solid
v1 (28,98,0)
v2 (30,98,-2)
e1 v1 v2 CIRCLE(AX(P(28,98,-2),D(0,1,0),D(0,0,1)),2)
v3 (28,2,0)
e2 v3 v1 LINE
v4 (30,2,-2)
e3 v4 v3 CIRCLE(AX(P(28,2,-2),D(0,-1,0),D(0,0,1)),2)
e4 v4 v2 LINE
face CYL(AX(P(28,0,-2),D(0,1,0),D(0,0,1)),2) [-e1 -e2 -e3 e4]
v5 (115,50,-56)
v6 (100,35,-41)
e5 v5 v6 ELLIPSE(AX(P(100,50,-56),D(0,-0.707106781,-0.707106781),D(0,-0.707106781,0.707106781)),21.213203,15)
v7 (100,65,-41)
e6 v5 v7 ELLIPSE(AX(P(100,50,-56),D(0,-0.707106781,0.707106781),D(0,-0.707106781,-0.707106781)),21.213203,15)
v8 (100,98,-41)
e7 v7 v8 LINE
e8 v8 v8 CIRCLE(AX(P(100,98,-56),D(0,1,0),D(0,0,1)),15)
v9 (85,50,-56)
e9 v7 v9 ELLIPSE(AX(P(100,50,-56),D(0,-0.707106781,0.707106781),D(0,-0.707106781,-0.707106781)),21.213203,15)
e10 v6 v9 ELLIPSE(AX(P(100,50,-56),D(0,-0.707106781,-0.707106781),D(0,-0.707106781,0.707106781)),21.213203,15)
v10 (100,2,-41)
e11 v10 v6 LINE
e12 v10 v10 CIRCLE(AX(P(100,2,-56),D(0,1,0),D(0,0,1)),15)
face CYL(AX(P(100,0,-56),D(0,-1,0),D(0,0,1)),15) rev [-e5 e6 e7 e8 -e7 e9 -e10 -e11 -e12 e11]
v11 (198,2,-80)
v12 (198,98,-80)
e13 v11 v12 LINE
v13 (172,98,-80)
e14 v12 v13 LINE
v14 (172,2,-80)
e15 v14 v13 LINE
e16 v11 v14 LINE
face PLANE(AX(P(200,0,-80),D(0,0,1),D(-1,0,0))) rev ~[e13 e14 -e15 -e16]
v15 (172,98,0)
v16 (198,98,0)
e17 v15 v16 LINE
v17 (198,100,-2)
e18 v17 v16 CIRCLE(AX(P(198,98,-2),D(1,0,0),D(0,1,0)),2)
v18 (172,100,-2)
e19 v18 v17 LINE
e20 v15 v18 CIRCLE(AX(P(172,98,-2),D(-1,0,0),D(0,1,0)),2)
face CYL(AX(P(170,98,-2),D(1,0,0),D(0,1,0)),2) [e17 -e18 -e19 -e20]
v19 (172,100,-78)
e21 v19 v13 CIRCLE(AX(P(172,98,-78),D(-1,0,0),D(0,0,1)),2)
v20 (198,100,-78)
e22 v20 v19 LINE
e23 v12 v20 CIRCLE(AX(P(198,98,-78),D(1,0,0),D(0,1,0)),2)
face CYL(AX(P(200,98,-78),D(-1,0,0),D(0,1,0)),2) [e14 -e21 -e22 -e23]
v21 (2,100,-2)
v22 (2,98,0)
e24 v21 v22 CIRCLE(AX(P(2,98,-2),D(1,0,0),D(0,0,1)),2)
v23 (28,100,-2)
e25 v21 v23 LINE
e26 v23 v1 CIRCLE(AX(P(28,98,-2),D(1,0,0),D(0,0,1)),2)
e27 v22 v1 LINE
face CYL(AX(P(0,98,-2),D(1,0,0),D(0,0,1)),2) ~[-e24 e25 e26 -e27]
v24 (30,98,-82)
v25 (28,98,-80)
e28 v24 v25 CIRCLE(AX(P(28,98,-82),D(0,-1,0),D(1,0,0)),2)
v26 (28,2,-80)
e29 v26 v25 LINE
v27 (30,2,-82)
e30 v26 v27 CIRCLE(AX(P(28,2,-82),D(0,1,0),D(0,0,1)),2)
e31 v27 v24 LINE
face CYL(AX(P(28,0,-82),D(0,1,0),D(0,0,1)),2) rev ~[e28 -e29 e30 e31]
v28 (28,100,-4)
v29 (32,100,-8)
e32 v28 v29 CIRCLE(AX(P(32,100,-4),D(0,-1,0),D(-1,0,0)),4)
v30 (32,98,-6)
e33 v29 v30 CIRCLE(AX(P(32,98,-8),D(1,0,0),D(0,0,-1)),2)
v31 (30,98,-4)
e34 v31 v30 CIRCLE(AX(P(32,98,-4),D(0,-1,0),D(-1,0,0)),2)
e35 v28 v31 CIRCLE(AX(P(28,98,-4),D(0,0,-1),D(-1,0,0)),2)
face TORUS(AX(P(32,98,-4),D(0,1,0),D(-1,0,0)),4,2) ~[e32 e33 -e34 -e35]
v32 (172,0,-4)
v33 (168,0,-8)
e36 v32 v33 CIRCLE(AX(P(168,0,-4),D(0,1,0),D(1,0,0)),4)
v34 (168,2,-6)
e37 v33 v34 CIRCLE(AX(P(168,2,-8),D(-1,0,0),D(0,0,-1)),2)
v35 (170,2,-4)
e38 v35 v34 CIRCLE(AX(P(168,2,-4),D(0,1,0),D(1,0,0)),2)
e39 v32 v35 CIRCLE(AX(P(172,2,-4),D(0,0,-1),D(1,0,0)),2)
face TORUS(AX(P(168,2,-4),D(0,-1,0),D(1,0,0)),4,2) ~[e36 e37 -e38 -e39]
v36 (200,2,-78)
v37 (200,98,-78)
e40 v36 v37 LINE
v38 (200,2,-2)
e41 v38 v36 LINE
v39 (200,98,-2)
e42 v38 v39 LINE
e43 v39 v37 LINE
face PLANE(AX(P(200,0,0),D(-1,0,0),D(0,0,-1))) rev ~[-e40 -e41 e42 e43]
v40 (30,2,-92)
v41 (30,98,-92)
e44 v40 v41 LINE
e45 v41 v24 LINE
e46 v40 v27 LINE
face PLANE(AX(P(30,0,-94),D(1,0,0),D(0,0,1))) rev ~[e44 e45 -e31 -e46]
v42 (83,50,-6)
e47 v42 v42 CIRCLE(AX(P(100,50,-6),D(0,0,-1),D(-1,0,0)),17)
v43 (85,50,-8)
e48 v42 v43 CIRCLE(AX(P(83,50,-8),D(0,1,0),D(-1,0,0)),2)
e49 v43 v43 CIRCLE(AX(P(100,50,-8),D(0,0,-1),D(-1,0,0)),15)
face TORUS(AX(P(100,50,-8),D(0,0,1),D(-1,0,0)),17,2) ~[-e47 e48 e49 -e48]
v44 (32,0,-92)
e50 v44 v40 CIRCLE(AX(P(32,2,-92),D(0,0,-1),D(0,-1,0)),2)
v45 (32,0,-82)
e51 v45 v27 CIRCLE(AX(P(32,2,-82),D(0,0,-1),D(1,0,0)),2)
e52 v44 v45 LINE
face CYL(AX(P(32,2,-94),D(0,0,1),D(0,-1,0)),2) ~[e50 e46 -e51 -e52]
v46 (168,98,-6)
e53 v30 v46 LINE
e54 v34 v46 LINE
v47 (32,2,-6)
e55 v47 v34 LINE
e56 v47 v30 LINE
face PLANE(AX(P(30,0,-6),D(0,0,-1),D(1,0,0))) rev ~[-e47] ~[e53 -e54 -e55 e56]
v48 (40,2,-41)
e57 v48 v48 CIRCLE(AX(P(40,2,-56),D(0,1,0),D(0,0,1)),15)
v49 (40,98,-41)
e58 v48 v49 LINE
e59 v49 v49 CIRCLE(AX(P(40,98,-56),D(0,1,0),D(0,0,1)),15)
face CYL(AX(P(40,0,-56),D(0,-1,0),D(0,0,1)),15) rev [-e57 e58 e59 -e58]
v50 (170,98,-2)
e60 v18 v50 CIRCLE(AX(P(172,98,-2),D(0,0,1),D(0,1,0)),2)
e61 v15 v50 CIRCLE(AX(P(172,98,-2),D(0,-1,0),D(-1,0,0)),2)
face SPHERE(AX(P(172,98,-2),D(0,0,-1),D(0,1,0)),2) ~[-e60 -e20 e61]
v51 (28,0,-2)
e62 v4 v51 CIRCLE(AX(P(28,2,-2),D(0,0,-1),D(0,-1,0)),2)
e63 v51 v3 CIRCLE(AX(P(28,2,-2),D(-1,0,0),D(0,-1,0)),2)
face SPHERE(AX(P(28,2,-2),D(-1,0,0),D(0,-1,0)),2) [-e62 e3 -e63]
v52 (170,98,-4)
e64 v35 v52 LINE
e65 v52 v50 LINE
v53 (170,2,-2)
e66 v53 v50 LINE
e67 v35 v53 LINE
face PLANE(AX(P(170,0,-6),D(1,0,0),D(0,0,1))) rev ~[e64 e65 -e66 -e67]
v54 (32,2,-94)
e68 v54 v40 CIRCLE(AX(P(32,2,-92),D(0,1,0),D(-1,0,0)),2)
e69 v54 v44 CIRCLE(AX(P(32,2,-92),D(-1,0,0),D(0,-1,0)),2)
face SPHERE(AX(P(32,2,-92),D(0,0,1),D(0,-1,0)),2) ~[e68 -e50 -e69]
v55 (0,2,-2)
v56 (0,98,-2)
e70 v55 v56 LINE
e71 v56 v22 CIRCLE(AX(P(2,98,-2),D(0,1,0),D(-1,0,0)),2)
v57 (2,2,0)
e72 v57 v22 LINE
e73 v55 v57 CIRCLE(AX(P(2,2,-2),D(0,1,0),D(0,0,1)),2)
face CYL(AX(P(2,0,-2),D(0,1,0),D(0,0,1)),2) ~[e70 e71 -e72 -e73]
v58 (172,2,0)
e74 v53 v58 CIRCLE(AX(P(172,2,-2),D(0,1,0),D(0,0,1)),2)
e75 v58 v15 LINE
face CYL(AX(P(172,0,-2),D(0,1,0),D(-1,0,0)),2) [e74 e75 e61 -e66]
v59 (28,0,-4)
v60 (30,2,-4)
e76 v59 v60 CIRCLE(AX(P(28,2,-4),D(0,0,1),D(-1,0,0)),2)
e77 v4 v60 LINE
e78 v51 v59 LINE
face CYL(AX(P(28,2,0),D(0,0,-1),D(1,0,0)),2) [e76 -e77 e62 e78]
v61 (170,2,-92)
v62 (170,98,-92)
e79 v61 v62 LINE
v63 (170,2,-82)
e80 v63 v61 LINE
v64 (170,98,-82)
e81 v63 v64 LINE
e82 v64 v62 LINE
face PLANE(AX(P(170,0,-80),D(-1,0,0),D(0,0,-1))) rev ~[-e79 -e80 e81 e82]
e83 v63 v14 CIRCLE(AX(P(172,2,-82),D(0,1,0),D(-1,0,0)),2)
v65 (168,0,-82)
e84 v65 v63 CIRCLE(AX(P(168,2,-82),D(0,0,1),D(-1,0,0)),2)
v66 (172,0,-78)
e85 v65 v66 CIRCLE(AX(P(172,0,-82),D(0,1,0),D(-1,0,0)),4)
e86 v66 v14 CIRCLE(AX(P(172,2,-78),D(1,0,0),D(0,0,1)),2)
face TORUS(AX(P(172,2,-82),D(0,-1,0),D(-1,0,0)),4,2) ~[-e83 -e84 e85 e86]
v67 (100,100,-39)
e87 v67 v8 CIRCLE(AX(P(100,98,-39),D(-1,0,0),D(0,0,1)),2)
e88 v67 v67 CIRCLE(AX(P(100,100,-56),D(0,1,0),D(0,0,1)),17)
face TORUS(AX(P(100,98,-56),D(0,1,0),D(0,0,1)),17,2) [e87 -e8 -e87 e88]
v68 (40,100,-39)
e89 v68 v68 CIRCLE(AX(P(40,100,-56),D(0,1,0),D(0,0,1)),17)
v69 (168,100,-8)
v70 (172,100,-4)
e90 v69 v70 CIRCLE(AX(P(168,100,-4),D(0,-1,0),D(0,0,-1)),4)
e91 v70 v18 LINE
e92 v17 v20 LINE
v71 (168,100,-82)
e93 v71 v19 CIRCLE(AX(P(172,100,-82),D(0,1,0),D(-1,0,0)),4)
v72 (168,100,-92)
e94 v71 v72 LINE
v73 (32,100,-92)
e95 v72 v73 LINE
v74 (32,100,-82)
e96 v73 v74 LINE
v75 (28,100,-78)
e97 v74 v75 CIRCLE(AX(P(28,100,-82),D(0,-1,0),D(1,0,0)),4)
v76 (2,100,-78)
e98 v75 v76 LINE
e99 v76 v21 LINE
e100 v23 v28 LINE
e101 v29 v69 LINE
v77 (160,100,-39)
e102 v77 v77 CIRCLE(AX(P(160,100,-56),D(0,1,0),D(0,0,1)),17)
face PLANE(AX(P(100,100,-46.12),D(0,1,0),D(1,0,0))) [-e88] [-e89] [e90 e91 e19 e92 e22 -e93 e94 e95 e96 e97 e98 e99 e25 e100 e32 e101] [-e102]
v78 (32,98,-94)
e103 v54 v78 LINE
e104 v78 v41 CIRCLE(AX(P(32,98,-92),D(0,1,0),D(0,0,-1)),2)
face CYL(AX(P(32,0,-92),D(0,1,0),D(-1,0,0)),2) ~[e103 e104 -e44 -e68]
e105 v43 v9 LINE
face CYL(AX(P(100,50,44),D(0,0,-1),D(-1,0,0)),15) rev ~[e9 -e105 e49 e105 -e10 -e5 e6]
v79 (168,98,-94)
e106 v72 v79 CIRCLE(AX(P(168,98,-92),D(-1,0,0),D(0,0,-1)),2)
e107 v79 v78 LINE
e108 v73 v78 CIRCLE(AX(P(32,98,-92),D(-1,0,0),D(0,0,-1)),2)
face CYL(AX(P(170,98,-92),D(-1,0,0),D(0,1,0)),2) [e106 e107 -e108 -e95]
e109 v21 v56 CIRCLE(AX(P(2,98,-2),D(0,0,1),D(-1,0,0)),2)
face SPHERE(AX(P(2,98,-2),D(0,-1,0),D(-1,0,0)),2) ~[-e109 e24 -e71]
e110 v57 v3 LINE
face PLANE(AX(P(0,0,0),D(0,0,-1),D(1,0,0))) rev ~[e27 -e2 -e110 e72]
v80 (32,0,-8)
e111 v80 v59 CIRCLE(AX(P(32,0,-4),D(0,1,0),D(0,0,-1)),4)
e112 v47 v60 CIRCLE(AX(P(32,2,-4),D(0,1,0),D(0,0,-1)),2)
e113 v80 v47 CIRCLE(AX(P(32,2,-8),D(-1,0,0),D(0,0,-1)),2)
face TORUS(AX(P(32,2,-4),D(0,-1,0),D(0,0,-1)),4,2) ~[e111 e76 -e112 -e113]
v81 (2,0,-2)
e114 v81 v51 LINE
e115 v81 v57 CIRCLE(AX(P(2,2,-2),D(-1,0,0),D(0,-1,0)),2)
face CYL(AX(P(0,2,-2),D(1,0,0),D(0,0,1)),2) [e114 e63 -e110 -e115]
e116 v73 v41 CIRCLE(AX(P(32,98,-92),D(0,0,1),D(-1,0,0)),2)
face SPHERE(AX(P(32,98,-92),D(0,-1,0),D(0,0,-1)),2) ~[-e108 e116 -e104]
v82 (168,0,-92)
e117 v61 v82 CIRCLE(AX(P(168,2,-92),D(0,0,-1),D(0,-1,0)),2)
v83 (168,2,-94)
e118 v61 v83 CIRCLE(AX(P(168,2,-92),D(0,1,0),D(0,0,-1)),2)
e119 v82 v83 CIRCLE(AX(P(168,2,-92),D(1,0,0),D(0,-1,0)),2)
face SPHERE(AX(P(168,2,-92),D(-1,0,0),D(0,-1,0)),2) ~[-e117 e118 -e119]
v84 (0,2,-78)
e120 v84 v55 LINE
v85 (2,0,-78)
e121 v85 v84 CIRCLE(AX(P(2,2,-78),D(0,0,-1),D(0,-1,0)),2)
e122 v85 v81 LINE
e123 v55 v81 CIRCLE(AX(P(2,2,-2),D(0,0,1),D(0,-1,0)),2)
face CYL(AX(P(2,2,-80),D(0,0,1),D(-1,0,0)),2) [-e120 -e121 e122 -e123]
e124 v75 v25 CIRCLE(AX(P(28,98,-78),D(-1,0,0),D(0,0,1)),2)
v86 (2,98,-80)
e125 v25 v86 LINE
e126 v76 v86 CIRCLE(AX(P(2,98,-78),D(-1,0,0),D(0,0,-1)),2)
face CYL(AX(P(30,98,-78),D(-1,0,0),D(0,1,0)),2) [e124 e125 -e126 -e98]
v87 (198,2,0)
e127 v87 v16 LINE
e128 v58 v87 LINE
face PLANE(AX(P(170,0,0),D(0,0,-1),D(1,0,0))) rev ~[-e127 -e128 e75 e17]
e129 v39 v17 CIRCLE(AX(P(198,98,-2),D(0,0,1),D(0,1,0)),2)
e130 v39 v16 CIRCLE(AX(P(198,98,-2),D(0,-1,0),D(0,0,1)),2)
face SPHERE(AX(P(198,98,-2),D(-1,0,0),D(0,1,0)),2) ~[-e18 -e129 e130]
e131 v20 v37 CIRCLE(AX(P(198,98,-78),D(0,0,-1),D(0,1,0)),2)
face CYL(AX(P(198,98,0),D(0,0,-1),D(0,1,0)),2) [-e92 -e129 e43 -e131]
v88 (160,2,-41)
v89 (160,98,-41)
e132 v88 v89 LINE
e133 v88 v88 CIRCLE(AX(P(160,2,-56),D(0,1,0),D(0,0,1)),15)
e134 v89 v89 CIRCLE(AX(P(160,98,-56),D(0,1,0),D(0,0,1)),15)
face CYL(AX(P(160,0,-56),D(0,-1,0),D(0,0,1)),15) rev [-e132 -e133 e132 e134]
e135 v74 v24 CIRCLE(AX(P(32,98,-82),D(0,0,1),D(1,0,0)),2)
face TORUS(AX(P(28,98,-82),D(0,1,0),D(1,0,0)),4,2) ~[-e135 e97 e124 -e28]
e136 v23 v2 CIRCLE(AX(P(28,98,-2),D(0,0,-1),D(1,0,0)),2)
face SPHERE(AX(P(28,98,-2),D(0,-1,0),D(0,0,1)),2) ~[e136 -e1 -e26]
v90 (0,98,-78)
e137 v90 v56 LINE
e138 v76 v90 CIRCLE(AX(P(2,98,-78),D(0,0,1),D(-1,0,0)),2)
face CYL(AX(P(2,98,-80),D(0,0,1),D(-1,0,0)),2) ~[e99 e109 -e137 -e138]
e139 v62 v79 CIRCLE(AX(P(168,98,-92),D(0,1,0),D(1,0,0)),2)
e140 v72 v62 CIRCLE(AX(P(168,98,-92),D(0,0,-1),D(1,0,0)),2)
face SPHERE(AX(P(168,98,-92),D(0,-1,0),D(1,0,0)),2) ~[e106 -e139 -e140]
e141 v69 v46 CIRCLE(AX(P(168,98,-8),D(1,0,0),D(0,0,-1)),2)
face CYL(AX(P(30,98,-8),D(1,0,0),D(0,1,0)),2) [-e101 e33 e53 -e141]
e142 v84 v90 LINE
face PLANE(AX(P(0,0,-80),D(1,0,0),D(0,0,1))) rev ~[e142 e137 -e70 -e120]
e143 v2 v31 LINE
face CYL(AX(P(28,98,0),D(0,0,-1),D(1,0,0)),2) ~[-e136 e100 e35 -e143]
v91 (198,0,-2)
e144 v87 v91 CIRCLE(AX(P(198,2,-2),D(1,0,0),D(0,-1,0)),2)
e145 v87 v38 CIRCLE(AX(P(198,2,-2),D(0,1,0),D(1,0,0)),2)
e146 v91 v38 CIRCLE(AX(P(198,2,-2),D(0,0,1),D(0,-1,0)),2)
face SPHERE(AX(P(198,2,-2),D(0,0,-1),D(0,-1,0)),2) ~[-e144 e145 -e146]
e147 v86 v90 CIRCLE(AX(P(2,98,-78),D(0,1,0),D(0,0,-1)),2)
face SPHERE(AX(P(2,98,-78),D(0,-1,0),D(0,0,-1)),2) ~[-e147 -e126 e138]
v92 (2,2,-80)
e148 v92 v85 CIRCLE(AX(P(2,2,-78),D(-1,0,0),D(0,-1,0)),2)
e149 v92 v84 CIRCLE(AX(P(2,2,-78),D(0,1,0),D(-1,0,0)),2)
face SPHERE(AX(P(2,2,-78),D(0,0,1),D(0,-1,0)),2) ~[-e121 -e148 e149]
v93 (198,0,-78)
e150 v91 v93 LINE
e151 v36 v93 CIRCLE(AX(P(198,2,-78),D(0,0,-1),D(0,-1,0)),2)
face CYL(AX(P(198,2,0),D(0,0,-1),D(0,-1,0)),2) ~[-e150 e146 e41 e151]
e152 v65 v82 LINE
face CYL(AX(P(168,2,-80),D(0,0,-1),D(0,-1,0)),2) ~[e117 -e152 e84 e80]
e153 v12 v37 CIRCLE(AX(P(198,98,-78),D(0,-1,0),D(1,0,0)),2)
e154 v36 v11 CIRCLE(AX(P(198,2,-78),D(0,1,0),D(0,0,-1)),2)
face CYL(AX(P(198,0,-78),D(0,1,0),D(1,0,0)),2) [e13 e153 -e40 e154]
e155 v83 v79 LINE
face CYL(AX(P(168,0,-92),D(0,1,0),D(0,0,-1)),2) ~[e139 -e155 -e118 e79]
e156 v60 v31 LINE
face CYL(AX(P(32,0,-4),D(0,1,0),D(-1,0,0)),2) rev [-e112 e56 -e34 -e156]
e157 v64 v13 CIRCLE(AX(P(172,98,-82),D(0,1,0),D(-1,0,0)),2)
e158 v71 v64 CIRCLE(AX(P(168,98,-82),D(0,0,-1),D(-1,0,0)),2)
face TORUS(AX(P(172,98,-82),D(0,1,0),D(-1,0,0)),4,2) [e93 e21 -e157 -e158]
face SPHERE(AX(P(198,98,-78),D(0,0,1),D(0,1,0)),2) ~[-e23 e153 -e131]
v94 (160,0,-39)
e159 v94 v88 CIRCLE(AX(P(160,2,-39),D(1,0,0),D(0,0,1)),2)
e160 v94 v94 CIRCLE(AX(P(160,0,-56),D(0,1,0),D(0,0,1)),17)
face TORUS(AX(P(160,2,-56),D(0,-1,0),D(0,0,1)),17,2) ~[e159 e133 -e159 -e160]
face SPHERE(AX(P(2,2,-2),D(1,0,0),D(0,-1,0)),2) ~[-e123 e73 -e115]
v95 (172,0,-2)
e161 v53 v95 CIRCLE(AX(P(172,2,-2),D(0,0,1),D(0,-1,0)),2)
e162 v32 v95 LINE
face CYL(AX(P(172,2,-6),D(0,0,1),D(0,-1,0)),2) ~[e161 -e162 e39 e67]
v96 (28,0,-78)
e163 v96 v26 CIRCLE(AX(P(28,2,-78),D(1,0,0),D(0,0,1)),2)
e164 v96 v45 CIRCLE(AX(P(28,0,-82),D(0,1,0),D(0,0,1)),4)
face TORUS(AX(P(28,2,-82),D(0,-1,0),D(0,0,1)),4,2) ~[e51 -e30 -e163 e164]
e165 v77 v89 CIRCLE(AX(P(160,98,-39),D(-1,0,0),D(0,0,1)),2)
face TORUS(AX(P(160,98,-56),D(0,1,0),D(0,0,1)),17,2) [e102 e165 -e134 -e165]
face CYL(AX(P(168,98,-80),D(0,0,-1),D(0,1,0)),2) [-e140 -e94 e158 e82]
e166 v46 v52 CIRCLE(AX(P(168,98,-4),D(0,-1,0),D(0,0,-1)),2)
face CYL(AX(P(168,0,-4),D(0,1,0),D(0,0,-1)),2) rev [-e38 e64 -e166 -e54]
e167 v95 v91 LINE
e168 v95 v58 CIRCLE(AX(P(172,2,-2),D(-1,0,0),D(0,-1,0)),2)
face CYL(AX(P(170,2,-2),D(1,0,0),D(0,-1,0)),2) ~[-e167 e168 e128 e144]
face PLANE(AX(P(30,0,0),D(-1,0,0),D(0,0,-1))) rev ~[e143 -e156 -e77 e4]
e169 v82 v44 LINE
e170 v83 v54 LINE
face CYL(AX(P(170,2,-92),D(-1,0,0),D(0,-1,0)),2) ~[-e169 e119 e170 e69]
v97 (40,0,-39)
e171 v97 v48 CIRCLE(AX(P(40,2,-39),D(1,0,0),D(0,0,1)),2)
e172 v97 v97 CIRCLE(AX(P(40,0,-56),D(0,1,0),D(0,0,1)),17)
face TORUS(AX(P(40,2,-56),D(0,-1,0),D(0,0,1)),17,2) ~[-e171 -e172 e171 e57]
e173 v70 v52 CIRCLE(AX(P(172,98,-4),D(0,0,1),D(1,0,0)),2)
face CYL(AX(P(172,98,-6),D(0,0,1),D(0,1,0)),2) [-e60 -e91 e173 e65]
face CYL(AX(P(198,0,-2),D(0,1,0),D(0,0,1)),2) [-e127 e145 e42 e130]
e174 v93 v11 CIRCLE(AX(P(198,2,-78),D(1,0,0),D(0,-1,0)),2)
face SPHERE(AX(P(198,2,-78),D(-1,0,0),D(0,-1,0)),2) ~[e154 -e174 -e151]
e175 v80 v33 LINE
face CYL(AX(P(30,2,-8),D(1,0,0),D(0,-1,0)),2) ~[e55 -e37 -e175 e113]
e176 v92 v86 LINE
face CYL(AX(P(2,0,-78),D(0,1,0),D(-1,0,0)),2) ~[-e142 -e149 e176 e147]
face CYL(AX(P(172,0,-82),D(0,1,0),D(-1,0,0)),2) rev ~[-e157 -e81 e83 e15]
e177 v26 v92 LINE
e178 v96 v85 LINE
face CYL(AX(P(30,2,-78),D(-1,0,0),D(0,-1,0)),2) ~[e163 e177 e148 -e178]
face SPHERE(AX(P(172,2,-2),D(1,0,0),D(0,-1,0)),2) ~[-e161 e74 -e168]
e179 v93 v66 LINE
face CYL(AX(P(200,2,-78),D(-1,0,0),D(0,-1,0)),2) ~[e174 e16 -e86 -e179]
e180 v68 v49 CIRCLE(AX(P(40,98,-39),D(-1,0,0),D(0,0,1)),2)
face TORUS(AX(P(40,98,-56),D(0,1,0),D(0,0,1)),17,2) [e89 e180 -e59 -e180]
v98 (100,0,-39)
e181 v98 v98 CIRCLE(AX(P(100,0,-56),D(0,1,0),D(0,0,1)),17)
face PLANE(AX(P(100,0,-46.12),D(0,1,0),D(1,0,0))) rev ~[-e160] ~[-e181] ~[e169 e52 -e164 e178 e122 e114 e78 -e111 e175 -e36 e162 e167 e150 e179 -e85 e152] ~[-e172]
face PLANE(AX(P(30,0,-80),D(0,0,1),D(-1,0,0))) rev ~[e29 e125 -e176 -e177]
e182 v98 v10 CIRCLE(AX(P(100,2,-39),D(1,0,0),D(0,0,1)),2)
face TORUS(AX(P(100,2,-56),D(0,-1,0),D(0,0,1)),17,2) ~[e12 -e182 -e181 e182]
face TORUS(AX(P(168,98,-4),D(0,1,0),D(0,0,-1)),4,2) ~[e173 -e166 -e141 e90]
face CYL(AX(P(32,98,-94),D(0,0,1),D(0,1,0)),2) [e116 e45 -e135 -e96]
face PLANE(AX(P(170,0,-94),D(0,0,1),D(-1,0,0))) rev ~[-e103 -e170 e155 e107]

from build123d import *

# Parameters (mm, degrees)
BOSS_EXTRUDE2_DEPTH          = 100
SKETCH1_9_R                  = 15
CUT_EXTRUDE5_DEPTH           = 100
F_1_0_1_DIAMETER_HOLE1_D     = 30
F_1_0_1_DIAMETER_HOLE1_DEPTH = 50
F_1_0_1_DIAMETER_HOLE1_TIP   = 9.012909285
FILLET1_R                    = 2


with BuildPart() as part:
    # Sketch1 → Boss-Extrude2 (new body)
    with BuildSketch(Plane(origin=(0, 0, 0), x_dir=(1, 0, 0), z_dir=(0, 1, 0))):
        Polygon((0, 0), (30, 0), (30, 6), (170, 6), (170, 0), (200, 0), (200, 80), (170, 80), (170, 94), (30, 94), (30, 80), (0, 80), align=None)
    extrude(amount=BOSS_EXTRUDE2_DEPTH)

    # Sketch1<9> → Cut-Extrude5 (cut)
    with BuildSketch(Plane(origin=(0, 0, 0), x_dir=(1, 0, 0), z_dir=(0, 1, 0))):
        with Locations((40, 56)):
            Circle(SKETCH1_9_R)
        with Locations((100, 56)):
            Circle(SKETCH1_9_R)
        with Locations((160, 56)):
            Circle(SKETCH1_9_R)
    extrude(amount=CUT_EXTRUDE5_DEPTH, mode=Mode.SUBTRACT)

    # Ø1.0 (1) Diameter Hole1
    with Locations(Plane.XY.offset(-6)):
        with Locations((100, 50)):
            Hole(F_1_0_1_DIAMETER_HOLE1_D / 2, depth=F_1_0_1_DIAMETER_HOLE1_DEPTH)
            with Locations((0, 0, -(F_1_0_1_DIAMETER_HOLE1_DEPTH + F_1_0_1_DIAMETER_HOLE1_TIP / 2))):  # 118° drill point
                Cone(0, F_1_0_1_DIAMETER_HOLE1_D / 2, F_1_0_1_DIAMETER_HOLE1_TIP, mode=Mode.SUBTRACT)

    # Fillet1
    fillet1_edges = [part.edges().sort_by_distance(p)[0] for p in [
        (170, 50, 0),
        (30, 50, 0),
        (115, 50, -6),
        (30, 50, -6),
        (170, 50, -6),
        (170, 50, -94),
        (200, 50, 0),
        (25, 0, -56),
        (85, 0, -56),
        (145, 0, -56),
        (100, 0, -6),
        (170, 0, -3),
        (185, 0, 0),
        (200, 0, -40),
        (170, 0, -87),
        (100, 0, -94),
        (15, 0, 0),
        (30, 0, -3),
        (200, 50, -80),
        (170, 50, -80),
        (185, 0, -80),
        (30, 50, -94),
        (30, 0, -87),
        (15, 100, 0),
        (30, 100, -87),
        (100, 100, -94),
        (170, 100, -87),
        (185, 100, -80),
        (200, 100, -40),
        (185, 100, 0),
        (170, 100, -3),
        (100, 100, -6),
        (30, 100, -3),
        (25, 100, -56),
        (85, 100, -56),
        (145, 100, -56),
        (30, 50, -80),
        (15, 100, -80),
        (15, 0, -80),
        (0, 50, -80),
        (0, 100, -40),
        (0, 50, 0),
        (0, 0, -40),
    ]]
    fillet(fillet1_edges, radius=FILLET1_R)


solid = part.part
